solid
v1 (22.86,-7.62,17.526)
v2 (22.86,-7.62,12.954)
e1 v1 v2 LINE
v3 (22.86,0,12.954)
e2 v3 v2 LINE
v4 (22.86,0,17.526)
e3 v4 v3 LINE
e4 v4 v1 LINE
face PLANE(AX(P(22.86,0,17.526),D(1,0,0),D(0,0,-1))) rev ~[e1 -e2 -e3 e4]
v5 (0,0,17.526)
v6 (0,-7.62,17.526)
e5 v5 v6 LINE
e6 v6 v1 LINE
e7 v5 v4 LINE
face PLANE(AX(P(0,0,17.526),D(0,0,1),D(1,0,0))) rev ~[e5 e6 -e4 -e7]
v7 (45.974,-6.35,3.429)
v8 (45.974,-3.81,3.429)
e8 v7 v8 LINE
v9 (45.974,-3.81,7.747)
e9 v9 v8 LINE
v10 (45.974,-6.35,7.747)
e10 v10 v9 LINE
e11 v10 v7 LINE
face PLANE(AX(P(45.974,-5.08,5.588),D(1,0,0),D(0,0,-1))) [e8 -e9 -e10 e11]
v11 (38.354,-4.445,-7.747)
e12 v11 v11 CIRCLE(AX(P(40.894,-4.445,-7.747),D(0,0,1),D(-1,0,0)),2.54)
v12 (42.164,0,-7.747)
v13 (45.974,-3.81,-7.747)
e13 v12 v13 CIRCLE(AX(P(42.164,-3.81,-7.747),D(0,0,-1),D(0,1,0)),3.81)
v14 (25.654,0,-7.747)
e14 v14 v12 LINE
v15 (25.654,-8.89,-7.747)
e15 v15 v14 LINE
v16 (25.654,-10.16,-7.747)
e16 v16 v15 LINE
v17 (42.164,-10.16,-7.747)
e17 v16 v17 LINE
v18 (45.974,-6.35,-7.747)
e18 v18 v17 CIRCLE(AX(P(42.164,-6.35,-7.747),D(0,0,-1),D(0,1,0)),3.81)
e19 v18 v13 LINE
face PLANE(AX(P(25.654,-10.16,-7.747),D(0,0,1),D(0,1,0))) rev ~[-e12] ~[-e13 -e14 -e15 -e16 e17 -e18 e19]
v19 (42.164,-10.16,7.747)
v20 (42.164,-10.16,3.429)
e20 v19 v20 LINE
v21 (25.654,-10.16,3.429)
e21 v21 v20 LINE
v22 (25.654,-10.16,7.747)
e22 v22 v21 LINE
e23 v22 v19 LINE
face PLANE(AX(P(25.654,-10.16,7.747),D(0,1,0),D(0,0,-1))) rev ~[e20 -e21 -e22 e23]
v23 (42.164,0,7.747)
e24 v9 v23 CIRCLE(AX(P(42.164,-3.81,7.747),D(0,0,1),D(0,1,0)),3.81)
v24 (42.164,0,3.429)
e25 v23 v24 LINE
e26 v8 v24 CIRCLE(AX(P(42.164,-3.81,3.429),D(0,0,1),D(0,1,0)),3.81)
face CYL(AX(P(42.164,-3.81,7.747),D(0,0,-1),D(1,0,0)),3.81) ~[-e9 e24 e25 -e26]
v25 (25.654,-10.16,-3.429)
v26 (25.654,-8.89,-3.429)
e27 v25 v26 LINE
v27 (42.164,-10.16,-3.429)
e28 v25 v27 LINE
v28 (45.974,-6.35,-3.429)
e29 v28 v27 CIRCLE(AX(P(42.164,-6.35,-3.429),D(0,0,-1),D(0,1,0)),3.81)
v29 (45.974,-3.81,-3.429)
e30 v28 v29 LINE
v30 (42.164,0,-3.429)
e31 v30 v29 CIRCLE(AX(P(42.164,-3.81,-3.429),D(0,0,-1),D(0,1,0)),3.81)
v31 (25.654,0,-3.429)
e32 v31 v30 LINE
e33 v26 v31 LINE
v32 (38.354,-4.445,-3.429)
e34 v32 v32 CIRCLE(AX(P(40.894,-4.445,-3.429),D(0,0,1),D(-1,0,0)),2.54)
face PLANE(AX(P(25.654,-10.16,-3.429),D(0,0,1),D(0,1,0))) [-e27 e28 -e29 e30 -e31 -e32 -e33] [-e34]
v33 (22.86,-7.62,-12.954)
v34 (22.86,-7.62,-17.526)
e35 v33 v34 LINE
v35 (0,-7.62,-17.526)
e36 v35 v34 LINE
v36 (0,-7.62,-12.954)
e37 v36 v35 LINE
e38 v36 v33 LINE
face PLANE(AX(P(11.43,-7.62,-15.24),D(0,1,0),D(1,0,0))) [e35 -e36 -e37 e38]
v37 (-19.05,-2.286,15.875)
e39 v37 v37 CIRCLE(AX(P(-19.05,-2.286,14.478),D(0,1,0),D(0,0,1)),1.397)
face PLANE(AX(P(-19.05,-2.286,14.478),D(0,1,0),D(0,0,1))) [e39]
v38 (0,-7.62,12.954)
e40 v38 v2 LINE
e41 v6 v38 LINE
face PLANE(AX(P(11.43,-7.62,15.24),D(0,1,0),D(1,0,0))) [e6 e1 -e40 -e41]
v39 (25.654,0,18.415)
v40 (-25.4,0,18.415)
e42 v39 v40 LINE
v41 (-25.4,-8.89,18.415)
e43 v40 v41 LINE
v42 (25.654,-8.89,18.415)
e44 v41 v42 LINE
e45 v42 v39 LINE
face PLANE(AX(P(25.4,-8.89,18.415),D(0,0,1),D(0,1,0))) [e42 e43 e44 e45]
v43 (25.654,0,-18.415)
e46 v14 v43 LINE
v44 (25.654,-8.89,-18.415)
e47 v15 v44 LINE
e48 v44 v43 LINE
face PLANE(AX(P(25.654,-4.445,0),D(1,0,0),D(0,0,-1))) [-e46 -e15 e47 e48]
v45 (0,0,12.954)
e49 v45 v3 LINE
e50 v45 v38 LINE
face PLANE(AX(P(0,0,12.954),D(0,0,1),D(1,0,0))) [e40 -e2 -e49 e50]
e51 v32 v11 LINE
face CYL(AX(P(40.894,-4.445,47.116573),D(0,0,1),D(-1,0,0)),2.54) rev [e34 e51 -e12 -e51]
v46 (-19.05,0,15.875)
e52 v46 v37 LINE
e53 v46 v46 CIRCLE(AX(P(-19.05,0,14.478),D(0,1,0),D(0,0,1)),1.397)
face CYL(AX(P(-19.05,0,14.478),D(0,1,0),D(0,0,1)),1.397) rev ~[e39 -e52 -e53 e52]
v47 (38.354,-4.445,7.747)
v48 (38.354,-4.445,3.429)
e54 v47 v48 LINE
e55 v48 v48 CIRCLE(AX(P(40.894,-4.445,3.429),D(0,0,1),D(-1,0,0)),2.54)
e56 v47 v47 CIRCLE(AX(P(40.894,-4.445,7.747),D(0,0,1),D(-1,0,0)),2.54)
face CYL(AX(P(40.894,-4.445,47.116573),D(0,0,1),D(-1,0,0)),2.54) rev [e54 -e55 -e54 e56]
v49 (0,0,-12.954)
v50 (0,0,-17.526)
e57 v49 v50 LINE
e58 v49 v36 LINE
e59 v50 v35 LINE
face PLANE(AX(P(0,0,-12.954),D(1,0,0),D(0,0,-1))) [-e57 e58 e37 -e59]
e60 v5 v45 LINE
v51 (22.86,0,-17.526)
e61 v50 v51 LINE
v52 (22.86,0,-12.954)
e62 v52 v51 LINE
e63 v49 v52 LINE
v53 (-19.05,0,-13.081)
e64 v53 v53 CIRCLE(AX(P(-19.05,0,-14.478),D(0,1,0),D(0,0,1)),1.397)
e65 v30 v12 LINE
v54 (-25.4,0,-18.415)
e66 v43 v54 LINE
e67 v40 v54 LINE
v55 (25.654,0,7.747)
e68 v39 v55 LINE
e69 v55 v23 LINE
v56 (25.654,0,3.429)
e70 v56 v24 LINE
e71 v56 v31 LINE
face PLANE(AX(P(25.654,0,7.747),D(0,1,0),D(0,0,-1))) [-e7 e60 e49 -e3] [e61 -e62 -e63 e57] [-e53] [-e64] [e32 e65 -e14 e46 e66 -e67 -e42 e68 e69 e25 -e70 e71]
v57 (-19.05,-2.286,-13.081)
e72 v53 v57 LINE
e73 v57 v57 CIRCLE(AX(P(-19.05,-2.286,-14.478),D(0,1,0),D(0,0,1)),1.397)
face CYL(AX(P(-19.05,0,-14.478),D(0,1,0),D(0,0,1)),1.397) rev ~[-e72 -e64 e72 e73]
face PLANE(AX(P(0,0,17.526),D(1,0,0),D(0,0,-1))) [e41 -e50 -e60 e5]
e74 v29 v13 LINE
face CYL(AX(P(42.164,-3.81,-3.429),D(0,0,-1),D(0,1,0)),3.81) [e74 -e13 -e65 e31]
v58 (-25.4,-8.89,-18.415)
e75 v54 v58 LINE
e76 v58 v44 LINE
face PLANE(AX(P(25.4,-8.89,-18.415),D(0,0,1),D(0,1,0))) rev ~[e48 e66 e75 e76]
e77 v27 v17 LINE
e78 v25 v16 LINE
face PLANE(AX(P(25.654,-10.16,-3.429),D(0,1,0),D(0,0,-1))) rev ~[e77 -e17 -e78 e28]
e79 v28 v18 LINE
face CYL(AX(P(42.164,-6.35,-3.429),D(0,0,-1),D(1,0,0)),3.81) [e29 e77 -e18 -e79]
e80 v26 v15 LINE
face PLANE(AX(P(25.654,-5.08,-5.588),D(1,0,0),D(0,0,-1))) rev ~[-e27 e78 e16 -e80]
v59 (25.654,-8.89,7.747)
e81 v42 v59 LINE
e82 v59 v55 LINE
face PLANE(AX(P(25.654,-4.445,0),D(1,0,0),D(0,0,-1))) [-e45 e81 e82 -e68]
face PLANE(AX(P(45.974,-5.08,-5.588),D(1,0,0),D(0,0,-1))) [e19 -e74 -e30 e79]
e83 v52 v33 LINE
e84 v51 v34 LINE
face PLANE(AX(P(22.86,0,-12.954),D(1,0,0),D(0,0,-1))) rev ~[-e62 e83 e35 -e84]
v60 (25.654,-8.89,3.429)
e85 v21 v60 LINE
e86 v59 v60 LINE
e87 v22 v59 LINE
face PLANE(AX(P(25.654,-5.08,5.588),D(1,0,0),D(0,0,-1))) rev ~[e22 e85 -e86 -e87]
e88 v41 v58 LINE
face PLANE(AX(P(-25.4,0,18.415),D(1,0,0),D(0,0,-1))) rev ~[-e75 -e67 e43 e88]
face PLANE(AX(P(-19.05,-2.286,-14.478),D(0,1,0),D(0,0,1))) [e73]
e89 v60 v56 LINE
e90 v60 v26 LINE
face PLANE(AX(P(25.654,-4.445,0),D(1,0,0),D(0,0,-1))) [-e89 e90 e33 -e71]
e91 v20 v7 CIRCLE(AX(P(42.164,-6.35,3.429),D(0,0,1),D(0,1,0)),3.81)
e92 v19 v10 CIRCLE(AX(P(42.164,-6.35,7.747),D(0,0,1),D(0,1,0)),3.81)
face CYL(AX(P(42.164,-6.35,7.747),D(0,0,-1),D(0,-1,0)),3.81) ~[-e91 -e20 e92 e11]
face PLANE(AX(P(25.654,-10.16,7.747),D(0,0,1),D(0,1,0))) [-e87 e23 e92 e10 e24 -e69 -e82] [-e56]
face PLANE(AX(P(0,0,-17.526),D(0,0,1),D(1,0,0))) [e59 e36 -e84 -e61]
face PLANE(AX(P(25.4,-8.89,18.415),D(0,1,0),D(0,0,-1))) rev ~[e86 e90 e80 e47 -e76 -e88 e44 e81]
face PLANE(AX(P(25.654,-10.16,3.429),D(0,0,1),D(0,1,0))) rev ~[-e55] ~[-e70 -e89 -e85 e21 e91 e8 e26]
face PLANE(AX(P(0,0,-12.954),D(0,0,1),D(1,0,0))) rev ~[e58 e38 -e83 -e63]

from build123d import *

# Parameters (mm, degrees)
SKETCH2_W               = 50.8
SKETCH2_H               = 36.83
BOSS_EXTRUDE1_DEPTH     = 8.89
SKETCH14_W              = 36.83
SKETCH14_H              = 8.89
BOSS_EXTRUDE6_DEPTH     = 0.254
SKETCH15_W              = 4.318
SKETCH15_H              = 10.16
BOSS_EXTRUDE7_DEPTH     = 20.32
CUT_EXTRUDE3_DEPTH      = 54.86357322
CUT_EXTRUDE3_DEPTH_BACK = 54.86357322
SKETCH16_R              = 2.54
FILLET1_R               = 3.81
SKETCH18_R              = 1.397
CUT_EXTRUDE5_DEPTH      = 2.286
SKETCH18_5_W            = 22.86
SKETCH18_5_H            = 4.572
CUT_EXTRUDE6_DEPTH      = 7.62
SKETCH18_6_W            = 22.86
SKETCH18_6_H            = 4.572
CUT_EXTRUDE7_DEPTH      = 7.62


with BuildPart() as part:
    # Sketch2 → Boss-Extrude1 (new body)
    with BuildSketch(Plane(origin=(0, 0, 0), x_dir=(1, 0, 0), z_dir=(0, 1, 0))):
        Rectangle(SKETCH2_W, SKETCH2_H)
    extrude(amount=-BOSS_EXTRUDE1_DEPTH)

    # Sketch14 → Boss-Extrude6 (add)
    with BuildSketch(Plane(origin=(25.4, 0, 0), x_dir=(0, 0, -1), z_dir=(1, 0, 0))):
        with Locations((0, -4.445)):
            Rectangle(SKETCH14_W, SKETCH14_H)
    extrude(amount=BOSS_EXTRUDE6_DEPTH)

    # Sketch15 → Boss-Extrude7 (add)
    with BuildSketch(Plane(origin=(25.654, 0, 0), x_dir=(0, 0, -1), z_dir=(1, 0, 0))):
        with Locations((-5.588, -5.08)):
            Rectangle(SKETCH15_W, SKETCH15_H)
        with Locations((5.588, -5.08)):
            Rectangle(SKETCH15_W, SKETCH15_H)
    extrude(amount=BOSS_EXTRUDE7_DEPTH)

    # Sketch16 → Cut-Extrude3 (cut, two sides: drawn at the far end of the back side and taken through both)
    with BuildSketch(Plane(origin=(0, 0, -7.747), x_dir=(-1, 0, 0), z_dir=(0, 0, -1)).offset(-CUT_EXTRUDE3_DEPTH_BACK)):
        with Locations((-40.894, -4.445)):
            Circle(SKETCH16_R)
    extrude(amount=CUT_EXTRUDE3_DEPTH + CUT_EXTRUDE3_DEPTH_BACK, mode=Mode.SUBTRACT)

    # Fillet1
    fillet1_edges = [part.edges().sort_by_distance(p)[0] for p in [
        (45.974, 0, 5.588),
        (45.974, -10.16, 5.588),
        (45.974, 0, -5.588),
        (45.974, -10.16, -5.588),
    ]]
    fillet(fillet1_edges, radius=FILLET1_R)

    # Sketch18 → Cut-Extrude5 (cut)
    with BuildSketch(Plane(origin=(0, 0, 0), x_dir=(1, 0, 0), z_dir=(0, 1, 0))):
        with Locations((-19.05, -14.478)):
            Circle(SKETCH18_R)
        with Locations((-19.05, 14.478)):
            Circle(SKETCH18_R)
    extrude(amount=-CUT_EXTRUDE5_DEPTH, mode=Mode.SUBTRACT)

    # Sketch18<5> → Cut-Extrude6 (cut)
    with BuildSketch(Plane(origin=(0, 0, 0), x_dir=(1, 0, 0), z_dir=(0, 1, 0))):
        with Locations((11.43, 15.24)):
            Rectangle(SKETCH18_5_W, SKETCH18_5_H)
    extrude(amount=-CUT_EXTRUDE6_DEPTH, mode=Mode.SUBTRACT)

    # Sketch18<6> → Cut-Extrude7 (cut)
    with BuildSketch(Plane(origin=(0, 0, 0), x_dir=(1, 0, 0), z_dir=(0, 1, 0))):
        with Locations((11.43, -15.24)):
            Rectangle(SKETCH18_6_W, SKETCH18_6_H)
    extrude(amount=-CUT_EXTRUDE7_DEPTH, mode=Mode.SUBTRACT)


solid = part.part
